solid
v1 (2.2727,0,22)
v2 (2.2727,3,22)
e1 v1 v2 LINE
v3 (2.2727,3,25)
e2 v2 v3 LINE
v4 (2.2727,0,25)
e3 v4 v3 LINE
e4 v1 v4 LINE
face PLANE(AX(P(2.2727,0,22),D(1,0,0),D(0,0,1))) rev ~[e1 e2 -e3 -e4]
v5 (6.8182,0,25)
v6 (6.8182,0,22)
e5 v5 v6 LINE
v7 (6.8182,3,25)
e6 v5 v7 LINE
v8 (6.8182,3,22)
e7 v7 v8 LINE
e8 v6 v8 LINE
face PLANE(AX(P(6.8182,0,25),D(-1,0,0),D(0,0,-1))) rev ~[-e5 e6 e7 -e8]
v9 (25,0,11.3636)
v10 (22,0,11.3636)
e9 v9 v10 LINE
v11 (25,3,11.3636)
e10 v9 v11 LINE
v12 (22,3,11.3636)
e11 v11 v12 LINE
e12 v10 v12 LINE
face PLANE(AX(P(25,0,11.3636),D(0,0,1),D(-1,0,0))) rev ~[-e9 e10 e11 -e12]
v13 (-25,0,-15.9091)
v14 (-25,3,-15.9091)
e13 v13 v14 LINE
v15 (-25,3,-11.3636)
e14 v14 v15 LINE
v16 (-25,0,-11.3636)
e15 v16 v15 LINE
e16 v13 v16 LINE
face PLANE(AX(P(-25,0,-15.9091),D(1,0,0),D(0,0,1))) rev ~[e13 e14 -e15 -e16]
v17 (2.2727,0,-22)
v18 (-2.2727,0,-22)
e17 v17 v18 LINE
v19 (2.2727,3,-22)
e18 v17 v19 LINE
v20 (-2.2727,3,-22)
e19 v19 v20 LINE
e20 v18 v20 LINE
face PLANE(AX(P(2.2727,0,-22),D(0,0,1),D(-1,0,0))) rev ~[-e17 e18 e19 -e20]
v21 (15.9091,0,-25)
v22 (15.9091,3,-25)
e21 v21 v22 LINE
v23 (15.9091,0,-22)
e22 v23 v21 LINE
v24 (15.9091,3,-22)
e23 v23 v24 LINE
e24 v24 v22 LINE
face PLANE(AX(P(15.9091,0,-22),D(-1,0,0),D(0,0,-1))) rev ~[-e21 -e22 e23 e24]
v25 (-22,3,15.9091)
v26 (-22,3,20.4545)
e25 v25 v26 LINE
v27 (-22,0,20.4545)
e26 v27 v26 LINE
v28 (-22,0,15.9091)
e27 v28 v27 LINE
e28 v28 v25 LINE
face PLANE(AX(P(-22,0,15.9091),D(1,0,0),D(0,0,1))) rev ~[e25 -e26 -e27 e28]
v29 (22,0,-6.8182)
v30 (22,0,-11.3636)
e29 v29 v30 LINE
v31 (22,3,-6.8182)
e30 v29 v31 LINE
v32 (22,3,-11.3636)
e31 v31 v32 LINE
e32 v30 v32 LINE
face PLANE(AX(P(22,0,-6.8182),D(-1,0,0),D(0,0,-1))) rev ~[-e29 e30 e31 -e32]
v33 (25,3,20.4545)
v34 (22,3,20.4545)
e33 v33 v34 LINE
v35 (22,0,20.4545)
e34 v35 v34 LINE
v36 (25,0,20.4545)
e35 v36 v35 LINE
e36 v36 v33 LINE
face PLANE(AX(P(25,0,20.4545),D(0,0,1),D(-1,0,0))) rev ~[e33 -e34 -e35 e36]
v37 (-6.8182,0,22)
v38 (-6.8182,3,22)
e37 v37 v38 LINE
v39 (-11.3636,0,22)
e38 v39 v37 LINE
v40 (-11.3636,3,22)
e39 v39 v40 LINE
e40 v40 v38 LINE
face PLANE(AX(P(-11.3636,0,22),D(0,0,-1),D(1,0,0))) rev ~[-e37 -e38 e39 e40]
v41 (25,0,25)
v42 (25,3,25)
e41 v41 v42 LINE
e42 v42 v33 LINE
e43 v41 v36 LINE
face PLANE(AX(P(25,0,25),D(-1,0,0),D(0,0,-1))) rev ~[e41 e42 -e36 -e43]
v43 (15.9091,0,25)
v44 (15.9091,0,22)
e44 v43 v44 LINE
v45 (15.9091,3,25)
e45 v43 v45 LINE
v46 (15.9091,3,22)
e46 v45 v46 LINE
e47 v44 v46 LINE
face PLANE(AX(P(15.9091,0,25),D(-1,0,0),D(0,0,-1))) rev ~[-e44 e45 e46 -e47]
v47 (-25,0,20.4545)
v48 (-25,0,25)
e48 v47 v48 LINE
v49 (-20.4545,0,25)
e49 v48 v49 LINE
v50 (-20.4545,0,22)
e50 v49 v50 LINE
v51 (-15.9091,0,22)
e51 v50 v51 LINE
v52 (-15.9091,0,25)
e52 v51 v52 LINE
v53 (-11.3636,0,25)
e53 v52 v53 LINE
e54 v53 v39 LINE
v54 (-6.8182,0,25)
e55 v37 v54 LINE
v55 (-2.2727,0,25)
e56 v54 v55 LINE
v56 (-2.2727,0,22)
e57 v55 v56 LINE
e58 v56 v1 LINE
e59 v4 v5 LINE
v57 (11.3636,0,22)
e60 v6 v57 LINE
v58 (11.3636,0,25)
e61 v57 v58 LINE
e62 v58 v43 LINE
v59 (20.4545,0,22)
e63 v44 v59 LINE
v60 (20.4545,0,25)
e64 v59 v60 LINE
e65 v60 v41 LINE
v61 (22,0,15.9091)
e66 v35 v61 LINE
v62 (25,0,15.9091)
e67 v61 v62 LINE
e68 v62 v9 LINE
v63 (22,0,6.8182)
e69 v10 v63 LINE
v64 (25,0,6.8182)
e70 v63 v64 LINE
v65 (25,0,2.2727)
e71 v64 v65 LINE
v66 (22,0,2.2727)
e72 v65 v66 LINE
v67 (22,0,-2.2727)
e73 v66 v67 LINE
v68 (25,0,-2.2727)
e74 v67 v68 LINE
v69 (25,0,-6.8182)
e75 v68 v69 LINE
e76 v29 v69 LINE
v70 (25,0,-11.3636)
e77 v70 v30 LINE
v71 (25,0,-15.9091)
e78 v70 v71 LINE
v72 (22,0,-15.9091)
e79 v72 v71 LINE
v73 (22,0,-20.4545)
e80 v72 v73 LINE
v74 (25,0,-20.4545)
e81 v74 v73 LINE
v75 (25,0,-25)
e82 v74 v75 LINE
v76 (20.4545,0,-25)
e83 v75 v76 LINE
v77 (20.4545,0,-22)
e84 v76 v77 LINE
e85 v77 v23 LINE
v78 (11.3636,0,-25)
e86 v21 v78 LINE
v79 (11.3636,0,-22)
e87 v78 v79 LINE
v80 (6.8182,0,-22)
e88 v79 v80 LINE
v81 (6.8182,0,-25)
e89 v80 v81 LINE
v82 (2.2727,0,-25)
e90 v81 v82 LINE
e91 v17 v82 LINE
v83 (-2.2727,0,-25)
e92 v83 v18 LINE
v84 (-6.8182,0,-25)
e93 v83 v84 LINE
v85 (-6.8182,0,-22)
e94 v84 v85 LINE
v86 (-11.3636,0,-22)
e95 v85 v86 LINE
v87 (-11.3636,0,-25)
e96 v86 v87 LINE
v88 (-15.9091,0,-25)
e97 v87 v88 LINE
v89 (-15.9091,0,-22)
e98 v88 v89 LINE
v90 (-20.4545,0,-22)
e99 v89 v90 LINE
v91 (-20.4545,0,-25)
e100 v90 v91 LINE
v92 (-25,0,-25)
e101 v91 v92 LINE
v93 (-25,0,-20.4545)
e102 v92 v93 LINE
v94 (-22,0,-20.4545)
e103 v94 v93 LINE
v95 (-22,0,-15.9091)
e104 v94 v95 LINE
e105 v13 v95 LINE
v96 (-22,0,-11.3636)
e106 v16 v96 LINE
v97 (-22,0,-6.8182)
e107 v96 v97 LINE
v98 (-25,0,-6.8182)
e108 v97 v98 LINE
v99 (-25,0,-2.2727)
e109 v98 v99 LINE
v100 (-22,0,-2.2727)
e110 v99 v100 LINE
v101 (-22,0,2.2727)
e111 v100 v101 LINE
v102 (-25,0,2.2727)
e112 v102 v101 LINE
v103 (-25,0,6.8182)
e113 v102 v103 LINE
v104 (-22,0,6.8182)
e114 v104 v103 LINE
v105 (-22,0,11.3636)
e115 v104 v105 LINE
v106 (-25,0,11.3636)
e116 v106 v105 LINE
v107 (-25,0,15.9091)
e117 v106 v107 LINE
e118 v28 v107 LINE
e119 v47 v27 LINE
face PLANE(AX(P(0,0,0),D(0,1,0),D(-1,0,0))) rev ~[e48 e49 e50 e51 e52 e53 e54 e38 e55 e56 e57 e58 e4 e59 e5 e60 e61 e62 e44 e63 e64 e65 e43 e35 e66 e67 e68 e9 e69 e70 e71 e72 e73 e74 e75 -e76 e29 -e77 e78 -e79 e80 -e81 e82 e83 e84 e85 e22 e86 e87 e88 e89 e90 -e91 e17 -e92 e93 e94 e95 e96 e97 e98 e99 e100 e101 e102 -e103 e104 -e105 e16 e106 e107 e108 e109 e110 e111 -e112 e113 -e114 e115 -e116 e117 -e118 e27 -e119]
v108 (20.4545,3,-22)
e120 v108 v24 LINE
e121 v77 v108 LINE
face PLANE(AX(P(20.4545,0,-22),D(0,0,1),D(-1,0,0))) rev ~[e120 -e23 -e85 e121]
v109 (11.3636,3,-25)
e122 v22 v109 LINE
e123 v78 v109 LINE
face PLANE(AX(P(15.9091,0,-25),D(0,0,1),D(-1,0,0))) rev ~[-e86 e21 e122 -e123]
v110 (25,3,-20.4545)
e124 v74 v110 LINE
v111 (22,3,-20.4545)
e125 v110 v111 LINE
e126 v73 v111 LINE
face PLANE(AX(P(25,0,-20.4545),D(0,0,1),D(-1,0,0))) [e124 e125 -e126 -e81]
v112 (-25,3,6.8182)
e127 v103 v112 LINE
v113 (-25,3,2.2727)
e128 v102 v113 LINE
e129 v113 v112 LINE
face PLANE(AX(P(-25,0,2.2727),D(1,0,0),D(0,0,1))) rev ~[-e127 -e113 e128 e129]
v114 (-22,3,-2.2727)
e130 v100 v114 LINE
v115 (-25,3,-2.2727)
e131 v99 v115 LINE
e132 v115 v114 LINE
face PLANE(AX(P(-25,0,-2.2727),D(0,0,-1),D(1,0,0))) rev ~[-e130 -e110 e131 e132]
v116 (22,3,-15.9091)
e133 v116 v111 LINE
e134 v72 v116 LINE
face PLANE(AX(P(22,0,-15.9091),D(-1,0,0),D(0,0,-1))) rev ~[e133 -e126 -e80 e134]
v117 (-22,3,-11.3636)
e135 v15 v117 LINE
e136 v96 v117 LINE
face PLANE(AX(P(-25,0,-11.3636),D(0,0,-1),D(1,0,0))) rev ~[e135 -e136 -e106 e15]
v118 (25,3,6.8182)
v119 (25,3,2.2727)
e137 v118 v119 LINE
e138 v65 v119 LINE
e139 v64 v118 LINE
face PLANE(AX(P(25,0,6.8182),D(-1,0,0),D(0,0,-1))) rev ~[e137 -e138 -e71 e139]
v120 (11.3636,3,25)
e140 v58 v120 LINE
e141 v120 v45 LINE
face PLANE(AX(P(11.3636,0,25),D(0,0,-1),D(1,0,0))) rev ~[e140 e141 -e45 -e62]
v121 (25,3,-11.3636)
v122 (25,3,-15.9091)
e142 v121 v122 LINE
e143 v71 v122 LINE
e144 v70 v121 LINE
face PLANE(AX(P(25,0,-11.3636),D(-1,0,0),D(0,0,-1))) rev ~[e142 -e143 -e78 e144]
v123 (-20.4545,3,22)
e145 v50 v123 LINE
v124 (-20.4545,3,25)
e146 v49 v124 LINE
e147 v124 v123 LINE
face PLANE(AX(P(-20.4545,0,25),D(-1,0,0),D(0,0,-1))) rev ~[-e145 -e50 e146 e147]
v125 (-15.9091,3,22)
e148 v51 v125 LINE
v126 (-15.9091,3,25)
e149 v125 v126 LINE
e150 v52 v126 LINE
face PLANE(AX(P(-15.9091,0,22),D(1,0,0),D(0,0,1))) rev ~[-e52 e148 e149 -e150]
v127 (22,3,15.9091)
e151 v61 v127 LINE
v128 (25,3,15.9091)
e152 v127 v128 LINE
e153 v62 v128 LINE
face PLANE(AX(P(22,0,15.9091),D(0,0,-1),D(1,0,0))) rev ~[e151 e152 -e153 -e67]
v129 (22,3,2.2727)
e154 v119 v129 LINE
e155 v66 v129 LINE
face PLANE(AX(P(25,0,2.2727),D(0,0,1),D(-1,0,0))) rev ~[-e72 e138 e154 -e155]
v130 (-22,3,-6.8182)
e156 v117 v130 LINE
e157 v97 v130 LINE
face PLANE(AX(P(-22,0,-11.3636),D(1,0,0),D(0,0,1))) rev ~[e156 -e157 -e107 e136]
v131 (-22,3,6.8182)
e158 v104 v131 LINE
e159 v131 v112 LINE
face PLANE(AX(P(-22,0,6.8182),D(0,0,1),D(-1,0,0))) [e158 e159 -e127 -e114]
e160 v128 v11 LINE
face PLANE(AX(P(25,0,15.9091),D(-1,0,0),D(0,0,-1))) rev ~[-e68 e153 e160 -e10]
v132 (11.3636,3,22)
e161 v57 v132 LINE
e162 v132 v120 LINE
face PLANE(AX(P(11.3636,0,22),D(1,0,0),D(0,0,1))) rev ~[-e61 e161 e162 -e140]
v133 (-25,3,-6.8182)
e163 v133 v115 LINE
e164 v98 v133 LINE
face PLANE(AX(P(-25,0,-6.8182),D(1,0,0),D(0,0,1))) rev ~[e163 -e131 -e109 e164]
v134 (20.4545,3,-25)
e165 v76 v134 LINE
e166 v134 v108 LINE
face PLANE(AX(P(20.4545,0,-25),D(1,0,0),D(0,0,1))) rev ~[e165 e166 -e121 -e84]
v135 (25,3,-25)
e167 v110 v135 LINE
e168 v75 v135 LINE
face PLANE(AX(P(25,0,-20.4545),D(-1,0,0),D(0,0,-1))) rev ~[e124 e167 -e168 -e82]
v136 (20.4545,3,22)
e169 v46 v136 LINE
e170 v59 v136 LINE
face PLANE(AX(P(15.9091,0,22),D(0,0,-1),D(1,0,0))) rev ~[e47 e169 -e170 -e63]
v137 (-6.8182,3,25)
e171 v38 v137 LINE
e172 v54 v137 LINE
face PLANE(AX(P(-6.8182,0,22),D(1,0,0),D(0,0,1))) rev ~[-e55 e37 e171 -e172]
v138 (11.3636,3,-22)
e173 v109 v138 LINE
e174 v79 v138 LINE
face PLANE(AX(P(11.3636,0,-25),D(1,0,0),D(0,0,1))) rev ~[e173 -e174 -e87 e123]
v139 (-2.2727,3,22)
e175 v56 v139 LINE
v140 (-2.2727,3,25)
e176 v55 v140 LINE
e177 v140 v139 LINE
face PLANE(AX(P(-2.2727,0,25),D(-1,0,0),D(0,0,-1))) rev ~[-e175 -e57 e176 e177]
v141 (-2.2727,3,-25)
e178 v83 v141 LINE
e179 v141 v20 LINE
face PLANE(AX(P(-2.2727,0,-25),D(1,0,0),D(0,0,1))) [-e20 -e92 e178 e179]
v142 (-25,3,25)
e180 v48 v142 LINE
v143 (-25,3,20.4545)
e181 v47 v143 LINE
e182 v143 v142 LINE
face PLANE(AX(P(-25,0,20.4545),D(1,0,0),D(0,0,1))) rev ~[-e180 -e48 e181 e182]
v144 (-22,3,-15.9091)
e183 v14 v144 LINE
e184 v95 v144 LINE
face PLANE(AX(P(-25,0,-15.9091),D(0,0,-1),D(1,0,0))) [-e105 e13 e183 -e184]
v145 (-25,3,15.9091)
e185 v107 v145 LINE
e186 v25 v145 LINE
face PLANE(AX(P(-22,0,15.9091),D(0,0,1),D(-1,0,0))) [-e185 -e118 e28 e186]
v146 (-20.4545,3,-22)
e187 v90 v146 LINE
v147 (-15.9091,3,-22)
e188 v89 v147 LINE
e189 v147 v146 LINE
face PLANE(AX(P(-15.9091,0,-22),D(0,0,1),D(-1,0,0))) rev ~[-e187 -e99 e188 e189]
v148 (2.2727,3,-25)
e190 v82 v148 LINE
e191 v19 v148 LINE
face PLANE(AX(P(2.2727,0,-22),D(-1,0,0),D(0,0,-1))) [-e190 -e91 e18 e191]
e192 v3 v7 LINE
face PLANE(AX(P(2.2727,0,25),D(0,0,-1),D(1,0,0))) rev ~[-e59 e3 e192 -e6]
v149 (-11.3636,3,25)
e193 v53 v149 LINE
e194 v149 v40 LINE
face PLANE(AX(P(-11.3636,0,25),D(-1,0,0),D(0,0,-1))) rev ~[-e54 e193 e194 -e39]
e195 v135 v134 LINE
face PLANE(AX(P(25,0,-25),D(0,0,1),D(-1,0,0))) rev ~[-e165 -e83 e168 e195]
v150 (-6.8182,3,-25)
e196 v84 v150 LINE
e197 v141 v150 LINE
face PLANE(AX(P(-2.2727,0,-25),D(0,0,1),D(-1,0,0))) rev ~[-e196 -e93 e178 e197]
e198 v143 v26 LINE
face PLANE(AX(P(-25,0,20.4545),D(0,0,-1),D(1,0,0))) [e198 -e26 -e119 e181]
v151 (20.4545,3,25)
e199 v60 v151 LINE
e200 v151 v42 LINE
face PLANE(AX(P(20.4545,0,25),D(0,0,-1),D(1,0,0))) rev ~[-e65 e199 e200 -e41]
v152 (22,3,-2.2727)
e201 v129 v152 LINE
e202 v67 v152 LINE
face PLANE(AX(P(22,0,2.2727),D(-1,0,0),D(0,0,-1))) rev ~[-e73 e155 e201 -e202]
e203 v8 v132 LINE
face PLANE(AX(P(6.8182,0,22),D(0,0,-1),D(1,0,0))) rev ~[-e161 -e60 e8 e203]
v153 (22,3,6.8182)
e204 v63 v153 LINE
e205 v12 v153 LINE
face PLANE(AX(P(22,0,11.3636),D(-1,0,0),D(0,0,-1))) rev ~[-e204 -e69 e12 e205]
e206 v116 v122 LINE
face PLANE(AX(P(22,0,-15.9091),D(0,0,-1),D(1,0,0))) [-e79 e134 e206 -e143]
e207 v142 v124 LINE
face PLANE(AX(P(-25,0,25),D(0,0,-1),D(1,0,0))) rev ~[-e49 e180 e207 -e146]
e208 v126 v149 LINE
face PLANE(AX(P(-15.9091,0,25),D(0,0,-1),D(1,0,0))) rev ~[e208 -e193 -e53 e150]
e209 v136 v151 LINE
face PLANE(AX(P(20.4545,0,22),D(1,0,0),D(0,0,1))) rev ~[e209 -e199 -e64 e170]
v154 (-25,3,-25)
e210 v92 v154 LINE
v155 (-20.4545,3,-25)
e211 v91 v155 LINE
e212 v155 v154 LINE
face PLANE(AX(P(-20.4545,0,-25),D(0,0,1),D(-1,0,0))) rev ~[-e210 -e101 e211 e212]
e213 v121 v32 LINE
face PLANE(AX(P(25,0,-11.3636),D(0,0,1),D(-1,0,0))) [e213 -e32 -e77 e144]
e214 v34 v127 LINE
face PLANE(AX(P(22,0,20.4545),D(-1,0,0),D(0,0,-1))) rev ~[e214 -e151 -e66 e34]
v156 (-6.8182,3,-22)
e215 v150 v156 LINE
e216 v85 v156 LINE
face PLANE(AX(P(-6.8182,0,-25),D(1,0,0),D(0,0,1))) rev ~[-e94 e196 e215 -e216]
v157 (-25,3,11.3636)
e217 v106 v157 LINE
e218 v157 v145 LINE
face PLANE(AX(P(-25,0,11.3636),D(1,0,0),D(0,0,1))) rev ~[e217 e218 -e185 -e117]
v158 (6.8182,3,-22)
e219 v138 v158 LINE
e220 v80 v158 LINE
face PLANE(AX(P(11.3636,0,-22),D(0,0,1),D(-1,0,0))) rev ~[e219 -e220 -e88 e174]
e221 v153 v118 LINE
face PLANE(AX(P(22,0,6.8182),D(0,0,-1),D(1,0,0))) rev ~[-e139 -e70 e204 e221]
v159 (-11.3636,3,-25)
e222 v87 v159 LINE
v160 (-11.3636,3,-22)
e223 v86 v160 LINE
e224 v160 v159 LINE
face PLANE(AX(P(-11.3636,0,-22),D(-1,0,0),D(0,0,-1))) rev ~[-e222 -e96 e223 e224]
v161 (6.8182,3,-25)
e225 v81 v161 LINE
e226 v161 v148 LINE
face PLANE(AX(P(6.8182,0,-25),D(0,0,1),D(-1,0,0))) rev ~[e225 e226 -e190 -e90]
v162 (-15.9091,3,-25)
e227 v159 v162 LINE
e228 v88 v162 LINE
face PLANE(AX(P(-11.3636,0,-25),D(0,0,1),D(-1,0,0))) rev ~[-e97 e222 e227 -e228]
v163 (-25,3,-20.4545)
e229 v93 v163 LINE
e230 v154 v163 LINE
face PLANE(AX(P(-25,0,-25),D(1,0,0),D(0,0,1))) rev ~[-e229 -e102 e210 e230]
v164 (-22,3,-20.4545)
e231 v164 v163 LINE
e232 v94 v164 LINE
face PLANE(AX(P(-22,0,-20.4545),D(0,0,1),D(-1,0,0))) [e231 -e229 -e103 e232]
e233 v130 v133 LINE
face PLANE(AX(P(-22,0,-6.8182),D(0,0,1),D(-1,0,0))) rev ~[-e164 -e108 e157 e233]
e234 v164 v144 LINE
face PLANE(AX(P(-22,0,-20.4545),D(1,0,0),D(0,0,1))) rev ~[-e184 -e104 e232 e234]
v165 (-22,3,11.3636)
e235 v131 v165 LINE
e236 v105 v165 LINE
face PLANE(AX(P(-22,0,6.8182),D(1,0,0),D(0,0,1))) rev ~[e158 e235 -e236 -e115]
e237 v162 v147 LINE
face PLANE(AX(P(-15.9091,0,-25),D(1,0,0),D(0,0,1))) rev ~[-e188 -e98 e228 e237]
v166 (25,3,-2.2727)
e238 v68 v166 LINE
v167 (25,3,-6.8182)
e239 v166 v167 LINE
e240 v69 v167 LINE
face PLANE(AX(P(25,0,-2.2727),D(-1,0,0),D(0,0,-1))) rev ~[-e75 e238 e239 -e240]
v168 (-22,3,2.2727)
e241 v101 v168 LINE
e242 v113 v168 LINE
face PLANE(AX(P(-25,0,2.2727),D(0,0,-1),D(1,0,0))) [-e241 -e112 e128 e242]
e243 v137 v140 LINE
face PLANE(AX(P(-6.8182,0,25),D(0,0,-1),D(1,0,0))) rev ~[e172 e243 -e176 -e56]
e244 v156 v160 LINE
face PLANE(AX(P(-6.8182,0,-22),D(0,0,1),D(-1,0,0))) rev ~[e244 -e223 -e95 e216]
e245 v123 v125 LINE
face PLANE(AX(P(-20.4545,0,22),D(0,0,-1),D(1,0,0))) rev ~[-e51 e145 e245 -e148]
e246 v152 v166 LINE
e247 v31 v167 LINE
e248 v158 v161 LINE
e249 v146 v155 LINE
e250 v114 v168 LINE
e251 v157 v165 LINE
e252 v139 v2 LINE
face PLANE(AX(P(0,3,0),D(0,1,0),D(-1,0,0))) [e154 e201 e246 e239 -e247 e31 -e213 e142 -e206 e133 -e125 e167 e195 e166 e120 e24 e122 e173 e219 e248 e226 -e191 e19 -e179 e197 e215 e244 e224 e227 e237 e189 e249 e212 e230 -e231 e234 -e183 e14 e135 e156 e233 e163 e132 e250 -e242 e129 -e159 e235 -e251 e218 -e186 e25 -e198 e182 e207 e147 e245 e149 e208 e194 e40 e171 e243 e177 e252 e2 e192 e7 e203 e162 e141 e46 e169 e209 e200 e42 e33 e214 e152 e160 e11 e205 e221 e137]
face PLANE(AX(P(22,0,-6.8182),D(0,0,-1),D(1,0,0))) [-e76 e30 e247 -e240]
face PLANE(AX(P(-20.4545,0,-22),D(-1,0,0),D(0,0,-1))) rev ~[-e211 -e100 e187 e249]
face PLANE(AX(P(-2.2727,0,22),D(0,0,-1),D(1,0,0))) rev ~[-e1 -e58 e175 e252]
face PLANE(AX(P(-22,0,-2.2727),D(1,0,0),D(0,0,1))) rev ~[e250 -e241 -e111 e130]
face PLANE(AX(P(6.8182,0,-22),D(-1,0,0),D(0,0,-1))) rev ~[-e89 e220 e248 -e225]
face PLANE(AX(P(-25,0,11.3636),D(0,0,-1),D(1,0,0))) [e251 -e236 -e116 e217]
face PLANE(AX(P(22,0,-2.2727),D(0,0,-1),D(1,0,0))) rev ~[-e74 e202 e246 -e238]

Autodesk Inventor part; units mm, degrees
ref_plane "YZ Plane" through (0, 0, 0) normal (1, 0, 0) x (0, 1, 0)
ref_plane "XZ Plane" through (0, 0, 0) normal (0, 1, 0) x (-1, 0, 0)
ref_plane "XY Plane" through (0, 0, 0) normal (0, 0, 1) x (1, 0, 0)
sketch "Sketch1" plane through (0, 0, 0) normal (0, 1, 0) x (-1, 0, 0)
  line L0 (20.4545, 25) -> (20.4545, 22)
  line L1 (15.9091, 22) -> (15.9091, 25)
  line L2 (11.3636, 25) -> (11.3636, 22)
  line L3 (6.8182, 22) -> (6.8182, 25)
  line L4 (2.2727, 25) -> (2.2727, 22)
  line L5 (-2.2727, 22) -> (-2.2727, 25)
  line L6 (-6.8182, 25) -> (-6.8182, 22)
  line L7 (-11.3636, 22) -> (-11.3636, 25)
  line L8 (-15.9091, 25) -> (-15.9091, 22)
  line L9 (-20.4545, 22) -> (-20.4545, 25)
  line L10 (-25, 20.4545) -> (-22, 20.4545)
  line L11 (-22, 15.9091) -> (-25, 15.9091)
  line L12 (-25, 11.3636) -> (-22, 11.3636)
  line L13 (-22, 6.8182) -> (-25, 6.8182)
  line L14 (-25, 2.2727) -> (-22, 2.2727)
  line L15 (-22, -2.2727) -> (-25, -2.2727)
  line L16 (-22, -6.8182) -> (-25, -6.8182)
  line L17 (-25, -11.3636) -> (-22, -11.3636)
  line L18 (-22, -15.9091) -> (-25, -15.9091)
  line L19 (-25, -20.4545) -> (-22, -20.4545)
  line L20 (-20.4545, -25) -> (-20.4545, -22)
  line L21 (-15.9091, -22) -> (-15.9091, -25)
  line L22 (-11.3636, -25) -> (-11.3636, -22)
  line L23 (-6.8182, -22) -> (-6.8182, -25)
  line L24 (-2.2727, -22) -> (-2.2727, -25)
  line L25 (2.2727, -25) -> (2.2727, -22)
  line L26 (20.4545, -22) -> (20.4545, -25)
  line L27 (15.9091, -25) -> (15.9091, -22)
  line L28 (11.3636, -22) -> (11.3636, -25)
  line L29 (6.8182, -25) -> (6.8182, -22)
  line L30 (22, -20.4545) -> (25, -20.4545)
  line L31 (25, -15.9091) -> (22, -15.9091)
  line L32 (25, -11.3636) -> (22, -11.3636)
  line L33 (25, -2.2727) -> (22, -2.2727)
  line L34 (25, 2.2727) -> (22, 2.2727)
  line L35 (25, 20.4545) -> (22, 20.4545)
  line L36 (22, 15.9091) -> (25, 15.9091)
  line L37 (25, 11.3636) -> (22, 11.3636)
  line L38 (22, 6.8182) -> (25, 6.8182)
  line L39 (15.9091, -22) -> (20.4545, -22)
  line L40 (6.8182, -22) -> (11.3636, -22)
  line L41 (-2.2727, -22) -> (2.2727, -22)
  line L42 (22, -20.4545) -> (22, -15.9091)
  line L43 (22, -2.2727) -> (22, 2.2727)
  line L44 (22, 6.8182) -> (22, 11.3636)
  line L45 (22, 15.9091) -> (22, 20.4545)
  line L46 (20.4545, 22) -> (15.9091, 22)
  line L47 (11.3636, 22) -> (6.8182, 22)
  line L48 (2.2727, 22) -> (-2.2727, 22)
  line L49 (-6.8182, 22) -> (-11.3636, 22)
  line L50 (-15.9091, 22) -> (-20.4545, 22)
  line L51 (-22, 20.4545) -> (-22, 15.9091)
  line L52 (-22, 11.3636) -> (-22, 6.8182)
  line L53 (-22, 2.2727) -> (-22, -2.2727)
  line L54 (-25, 6.8182) -> (-25, 2.2727)
  line L55 (-25, 25) -> (-25, 20.4545)
  line L56 (-25, 15.9091) -> (-25, 11.3636)
  line L57 (-20.4545, -22) -> (-15.9091, -22)
  line L58 (-11.3636, -22) -> (-6.8182, -22)
  line L59 (-22, -6.8182) -> (-22, -11.3636)
  line L60 (-22, -15.9091) -> (-22, -20.4545)
  line L61 (-25, -2.2727) -> (-25, -6.8182)
  line L62 (-25, -11.3636) -> (-25, -15.9091)
  line L63 (-25, -20.4545) -> (-25, -25)
  line L64 (-25, -25) -> (-20.4545, -25)
  line L65 (-15.9091, -25) -> (-11.3636, -25)
  line L66 (-6.8182, -25) -> (-2.2727, -25)
  line L67 (2.2727, -25) -> (6.8182, -25)
  line L68 (11.3636, -25) -> (15.9091, -25)
  line L69 (20.4545, -25) -> (25, -25)
  line L70 (25, -25) -> (25, -20.4545)
  line L71 (25, 2.2727) -> (25, 6.8182)
  line L72 (25, 11.3636) -> (25, 15.9091)
  line L73 (25, 20.4545) -> (25, 25)
  line L74 (25, 25) -> (20.4545, 25)
  line L75 (15.9091, 25) -> (11.3636, 25)
  line L76 (6.8182, 25) -> (2.2727, 25)
  line L77 (-2.2727, 25) -> (-6.8182, 25)
  line L78 (-11.3636, 25) -> (-15.9091, 25)
  line L79 (-20.4545, 25) -> (-25, 25)
  line L80 (22, -11.3636) -> (22, -6.8182)
  line L81 (22, -6.8182) -> (25, -6.8182)
  line L82 (25, -15.9091) -> (25, -11.3636)
  line L83 (25, -6.8182) -> (25, -2.2727)
  point P0 (0, 0)
  dimension "d1" = 50
  dimension "d3" = 50
  dimension "d5" = 25
  dimension "d6" = 25
  dimension "d7" = 3
  dimension "d8" = 3
  dimension "d9" = 3
  dimension "d10" = 3
  dimension "d15" = 4.5454
extrude "Extrusion1" add sketch "Sketch1" along normal blind 3
equation "\"d1\" = wt"
equation "\"d3\" = lt"
equation "\"d5\" = 0.5 * lt"
equation "\"d6\" = 0.5 * wt"
equation "\"d7\" = tt"
equation "\"d8\" = tt"
equation "\"d9\" = tt"
equation "\"d10\" = tt"
equation "\"d13\" = tt"
equation "\"wt\" = 50"
equation "\"tt\" = 3"
equation "\"tol\" = 0"
equation "\"tiroir\" = 25.4"
equation "\"nHoles\" = 101.6"
equation "\"shelfH\" = 35"
equation "\"d0\" = 0.5 * wt"
equation "\"d2\" = 0.5 * lt"
equation "\"lt\" = 50"
equation "\"d4\" = tt"
properties part number "base"
